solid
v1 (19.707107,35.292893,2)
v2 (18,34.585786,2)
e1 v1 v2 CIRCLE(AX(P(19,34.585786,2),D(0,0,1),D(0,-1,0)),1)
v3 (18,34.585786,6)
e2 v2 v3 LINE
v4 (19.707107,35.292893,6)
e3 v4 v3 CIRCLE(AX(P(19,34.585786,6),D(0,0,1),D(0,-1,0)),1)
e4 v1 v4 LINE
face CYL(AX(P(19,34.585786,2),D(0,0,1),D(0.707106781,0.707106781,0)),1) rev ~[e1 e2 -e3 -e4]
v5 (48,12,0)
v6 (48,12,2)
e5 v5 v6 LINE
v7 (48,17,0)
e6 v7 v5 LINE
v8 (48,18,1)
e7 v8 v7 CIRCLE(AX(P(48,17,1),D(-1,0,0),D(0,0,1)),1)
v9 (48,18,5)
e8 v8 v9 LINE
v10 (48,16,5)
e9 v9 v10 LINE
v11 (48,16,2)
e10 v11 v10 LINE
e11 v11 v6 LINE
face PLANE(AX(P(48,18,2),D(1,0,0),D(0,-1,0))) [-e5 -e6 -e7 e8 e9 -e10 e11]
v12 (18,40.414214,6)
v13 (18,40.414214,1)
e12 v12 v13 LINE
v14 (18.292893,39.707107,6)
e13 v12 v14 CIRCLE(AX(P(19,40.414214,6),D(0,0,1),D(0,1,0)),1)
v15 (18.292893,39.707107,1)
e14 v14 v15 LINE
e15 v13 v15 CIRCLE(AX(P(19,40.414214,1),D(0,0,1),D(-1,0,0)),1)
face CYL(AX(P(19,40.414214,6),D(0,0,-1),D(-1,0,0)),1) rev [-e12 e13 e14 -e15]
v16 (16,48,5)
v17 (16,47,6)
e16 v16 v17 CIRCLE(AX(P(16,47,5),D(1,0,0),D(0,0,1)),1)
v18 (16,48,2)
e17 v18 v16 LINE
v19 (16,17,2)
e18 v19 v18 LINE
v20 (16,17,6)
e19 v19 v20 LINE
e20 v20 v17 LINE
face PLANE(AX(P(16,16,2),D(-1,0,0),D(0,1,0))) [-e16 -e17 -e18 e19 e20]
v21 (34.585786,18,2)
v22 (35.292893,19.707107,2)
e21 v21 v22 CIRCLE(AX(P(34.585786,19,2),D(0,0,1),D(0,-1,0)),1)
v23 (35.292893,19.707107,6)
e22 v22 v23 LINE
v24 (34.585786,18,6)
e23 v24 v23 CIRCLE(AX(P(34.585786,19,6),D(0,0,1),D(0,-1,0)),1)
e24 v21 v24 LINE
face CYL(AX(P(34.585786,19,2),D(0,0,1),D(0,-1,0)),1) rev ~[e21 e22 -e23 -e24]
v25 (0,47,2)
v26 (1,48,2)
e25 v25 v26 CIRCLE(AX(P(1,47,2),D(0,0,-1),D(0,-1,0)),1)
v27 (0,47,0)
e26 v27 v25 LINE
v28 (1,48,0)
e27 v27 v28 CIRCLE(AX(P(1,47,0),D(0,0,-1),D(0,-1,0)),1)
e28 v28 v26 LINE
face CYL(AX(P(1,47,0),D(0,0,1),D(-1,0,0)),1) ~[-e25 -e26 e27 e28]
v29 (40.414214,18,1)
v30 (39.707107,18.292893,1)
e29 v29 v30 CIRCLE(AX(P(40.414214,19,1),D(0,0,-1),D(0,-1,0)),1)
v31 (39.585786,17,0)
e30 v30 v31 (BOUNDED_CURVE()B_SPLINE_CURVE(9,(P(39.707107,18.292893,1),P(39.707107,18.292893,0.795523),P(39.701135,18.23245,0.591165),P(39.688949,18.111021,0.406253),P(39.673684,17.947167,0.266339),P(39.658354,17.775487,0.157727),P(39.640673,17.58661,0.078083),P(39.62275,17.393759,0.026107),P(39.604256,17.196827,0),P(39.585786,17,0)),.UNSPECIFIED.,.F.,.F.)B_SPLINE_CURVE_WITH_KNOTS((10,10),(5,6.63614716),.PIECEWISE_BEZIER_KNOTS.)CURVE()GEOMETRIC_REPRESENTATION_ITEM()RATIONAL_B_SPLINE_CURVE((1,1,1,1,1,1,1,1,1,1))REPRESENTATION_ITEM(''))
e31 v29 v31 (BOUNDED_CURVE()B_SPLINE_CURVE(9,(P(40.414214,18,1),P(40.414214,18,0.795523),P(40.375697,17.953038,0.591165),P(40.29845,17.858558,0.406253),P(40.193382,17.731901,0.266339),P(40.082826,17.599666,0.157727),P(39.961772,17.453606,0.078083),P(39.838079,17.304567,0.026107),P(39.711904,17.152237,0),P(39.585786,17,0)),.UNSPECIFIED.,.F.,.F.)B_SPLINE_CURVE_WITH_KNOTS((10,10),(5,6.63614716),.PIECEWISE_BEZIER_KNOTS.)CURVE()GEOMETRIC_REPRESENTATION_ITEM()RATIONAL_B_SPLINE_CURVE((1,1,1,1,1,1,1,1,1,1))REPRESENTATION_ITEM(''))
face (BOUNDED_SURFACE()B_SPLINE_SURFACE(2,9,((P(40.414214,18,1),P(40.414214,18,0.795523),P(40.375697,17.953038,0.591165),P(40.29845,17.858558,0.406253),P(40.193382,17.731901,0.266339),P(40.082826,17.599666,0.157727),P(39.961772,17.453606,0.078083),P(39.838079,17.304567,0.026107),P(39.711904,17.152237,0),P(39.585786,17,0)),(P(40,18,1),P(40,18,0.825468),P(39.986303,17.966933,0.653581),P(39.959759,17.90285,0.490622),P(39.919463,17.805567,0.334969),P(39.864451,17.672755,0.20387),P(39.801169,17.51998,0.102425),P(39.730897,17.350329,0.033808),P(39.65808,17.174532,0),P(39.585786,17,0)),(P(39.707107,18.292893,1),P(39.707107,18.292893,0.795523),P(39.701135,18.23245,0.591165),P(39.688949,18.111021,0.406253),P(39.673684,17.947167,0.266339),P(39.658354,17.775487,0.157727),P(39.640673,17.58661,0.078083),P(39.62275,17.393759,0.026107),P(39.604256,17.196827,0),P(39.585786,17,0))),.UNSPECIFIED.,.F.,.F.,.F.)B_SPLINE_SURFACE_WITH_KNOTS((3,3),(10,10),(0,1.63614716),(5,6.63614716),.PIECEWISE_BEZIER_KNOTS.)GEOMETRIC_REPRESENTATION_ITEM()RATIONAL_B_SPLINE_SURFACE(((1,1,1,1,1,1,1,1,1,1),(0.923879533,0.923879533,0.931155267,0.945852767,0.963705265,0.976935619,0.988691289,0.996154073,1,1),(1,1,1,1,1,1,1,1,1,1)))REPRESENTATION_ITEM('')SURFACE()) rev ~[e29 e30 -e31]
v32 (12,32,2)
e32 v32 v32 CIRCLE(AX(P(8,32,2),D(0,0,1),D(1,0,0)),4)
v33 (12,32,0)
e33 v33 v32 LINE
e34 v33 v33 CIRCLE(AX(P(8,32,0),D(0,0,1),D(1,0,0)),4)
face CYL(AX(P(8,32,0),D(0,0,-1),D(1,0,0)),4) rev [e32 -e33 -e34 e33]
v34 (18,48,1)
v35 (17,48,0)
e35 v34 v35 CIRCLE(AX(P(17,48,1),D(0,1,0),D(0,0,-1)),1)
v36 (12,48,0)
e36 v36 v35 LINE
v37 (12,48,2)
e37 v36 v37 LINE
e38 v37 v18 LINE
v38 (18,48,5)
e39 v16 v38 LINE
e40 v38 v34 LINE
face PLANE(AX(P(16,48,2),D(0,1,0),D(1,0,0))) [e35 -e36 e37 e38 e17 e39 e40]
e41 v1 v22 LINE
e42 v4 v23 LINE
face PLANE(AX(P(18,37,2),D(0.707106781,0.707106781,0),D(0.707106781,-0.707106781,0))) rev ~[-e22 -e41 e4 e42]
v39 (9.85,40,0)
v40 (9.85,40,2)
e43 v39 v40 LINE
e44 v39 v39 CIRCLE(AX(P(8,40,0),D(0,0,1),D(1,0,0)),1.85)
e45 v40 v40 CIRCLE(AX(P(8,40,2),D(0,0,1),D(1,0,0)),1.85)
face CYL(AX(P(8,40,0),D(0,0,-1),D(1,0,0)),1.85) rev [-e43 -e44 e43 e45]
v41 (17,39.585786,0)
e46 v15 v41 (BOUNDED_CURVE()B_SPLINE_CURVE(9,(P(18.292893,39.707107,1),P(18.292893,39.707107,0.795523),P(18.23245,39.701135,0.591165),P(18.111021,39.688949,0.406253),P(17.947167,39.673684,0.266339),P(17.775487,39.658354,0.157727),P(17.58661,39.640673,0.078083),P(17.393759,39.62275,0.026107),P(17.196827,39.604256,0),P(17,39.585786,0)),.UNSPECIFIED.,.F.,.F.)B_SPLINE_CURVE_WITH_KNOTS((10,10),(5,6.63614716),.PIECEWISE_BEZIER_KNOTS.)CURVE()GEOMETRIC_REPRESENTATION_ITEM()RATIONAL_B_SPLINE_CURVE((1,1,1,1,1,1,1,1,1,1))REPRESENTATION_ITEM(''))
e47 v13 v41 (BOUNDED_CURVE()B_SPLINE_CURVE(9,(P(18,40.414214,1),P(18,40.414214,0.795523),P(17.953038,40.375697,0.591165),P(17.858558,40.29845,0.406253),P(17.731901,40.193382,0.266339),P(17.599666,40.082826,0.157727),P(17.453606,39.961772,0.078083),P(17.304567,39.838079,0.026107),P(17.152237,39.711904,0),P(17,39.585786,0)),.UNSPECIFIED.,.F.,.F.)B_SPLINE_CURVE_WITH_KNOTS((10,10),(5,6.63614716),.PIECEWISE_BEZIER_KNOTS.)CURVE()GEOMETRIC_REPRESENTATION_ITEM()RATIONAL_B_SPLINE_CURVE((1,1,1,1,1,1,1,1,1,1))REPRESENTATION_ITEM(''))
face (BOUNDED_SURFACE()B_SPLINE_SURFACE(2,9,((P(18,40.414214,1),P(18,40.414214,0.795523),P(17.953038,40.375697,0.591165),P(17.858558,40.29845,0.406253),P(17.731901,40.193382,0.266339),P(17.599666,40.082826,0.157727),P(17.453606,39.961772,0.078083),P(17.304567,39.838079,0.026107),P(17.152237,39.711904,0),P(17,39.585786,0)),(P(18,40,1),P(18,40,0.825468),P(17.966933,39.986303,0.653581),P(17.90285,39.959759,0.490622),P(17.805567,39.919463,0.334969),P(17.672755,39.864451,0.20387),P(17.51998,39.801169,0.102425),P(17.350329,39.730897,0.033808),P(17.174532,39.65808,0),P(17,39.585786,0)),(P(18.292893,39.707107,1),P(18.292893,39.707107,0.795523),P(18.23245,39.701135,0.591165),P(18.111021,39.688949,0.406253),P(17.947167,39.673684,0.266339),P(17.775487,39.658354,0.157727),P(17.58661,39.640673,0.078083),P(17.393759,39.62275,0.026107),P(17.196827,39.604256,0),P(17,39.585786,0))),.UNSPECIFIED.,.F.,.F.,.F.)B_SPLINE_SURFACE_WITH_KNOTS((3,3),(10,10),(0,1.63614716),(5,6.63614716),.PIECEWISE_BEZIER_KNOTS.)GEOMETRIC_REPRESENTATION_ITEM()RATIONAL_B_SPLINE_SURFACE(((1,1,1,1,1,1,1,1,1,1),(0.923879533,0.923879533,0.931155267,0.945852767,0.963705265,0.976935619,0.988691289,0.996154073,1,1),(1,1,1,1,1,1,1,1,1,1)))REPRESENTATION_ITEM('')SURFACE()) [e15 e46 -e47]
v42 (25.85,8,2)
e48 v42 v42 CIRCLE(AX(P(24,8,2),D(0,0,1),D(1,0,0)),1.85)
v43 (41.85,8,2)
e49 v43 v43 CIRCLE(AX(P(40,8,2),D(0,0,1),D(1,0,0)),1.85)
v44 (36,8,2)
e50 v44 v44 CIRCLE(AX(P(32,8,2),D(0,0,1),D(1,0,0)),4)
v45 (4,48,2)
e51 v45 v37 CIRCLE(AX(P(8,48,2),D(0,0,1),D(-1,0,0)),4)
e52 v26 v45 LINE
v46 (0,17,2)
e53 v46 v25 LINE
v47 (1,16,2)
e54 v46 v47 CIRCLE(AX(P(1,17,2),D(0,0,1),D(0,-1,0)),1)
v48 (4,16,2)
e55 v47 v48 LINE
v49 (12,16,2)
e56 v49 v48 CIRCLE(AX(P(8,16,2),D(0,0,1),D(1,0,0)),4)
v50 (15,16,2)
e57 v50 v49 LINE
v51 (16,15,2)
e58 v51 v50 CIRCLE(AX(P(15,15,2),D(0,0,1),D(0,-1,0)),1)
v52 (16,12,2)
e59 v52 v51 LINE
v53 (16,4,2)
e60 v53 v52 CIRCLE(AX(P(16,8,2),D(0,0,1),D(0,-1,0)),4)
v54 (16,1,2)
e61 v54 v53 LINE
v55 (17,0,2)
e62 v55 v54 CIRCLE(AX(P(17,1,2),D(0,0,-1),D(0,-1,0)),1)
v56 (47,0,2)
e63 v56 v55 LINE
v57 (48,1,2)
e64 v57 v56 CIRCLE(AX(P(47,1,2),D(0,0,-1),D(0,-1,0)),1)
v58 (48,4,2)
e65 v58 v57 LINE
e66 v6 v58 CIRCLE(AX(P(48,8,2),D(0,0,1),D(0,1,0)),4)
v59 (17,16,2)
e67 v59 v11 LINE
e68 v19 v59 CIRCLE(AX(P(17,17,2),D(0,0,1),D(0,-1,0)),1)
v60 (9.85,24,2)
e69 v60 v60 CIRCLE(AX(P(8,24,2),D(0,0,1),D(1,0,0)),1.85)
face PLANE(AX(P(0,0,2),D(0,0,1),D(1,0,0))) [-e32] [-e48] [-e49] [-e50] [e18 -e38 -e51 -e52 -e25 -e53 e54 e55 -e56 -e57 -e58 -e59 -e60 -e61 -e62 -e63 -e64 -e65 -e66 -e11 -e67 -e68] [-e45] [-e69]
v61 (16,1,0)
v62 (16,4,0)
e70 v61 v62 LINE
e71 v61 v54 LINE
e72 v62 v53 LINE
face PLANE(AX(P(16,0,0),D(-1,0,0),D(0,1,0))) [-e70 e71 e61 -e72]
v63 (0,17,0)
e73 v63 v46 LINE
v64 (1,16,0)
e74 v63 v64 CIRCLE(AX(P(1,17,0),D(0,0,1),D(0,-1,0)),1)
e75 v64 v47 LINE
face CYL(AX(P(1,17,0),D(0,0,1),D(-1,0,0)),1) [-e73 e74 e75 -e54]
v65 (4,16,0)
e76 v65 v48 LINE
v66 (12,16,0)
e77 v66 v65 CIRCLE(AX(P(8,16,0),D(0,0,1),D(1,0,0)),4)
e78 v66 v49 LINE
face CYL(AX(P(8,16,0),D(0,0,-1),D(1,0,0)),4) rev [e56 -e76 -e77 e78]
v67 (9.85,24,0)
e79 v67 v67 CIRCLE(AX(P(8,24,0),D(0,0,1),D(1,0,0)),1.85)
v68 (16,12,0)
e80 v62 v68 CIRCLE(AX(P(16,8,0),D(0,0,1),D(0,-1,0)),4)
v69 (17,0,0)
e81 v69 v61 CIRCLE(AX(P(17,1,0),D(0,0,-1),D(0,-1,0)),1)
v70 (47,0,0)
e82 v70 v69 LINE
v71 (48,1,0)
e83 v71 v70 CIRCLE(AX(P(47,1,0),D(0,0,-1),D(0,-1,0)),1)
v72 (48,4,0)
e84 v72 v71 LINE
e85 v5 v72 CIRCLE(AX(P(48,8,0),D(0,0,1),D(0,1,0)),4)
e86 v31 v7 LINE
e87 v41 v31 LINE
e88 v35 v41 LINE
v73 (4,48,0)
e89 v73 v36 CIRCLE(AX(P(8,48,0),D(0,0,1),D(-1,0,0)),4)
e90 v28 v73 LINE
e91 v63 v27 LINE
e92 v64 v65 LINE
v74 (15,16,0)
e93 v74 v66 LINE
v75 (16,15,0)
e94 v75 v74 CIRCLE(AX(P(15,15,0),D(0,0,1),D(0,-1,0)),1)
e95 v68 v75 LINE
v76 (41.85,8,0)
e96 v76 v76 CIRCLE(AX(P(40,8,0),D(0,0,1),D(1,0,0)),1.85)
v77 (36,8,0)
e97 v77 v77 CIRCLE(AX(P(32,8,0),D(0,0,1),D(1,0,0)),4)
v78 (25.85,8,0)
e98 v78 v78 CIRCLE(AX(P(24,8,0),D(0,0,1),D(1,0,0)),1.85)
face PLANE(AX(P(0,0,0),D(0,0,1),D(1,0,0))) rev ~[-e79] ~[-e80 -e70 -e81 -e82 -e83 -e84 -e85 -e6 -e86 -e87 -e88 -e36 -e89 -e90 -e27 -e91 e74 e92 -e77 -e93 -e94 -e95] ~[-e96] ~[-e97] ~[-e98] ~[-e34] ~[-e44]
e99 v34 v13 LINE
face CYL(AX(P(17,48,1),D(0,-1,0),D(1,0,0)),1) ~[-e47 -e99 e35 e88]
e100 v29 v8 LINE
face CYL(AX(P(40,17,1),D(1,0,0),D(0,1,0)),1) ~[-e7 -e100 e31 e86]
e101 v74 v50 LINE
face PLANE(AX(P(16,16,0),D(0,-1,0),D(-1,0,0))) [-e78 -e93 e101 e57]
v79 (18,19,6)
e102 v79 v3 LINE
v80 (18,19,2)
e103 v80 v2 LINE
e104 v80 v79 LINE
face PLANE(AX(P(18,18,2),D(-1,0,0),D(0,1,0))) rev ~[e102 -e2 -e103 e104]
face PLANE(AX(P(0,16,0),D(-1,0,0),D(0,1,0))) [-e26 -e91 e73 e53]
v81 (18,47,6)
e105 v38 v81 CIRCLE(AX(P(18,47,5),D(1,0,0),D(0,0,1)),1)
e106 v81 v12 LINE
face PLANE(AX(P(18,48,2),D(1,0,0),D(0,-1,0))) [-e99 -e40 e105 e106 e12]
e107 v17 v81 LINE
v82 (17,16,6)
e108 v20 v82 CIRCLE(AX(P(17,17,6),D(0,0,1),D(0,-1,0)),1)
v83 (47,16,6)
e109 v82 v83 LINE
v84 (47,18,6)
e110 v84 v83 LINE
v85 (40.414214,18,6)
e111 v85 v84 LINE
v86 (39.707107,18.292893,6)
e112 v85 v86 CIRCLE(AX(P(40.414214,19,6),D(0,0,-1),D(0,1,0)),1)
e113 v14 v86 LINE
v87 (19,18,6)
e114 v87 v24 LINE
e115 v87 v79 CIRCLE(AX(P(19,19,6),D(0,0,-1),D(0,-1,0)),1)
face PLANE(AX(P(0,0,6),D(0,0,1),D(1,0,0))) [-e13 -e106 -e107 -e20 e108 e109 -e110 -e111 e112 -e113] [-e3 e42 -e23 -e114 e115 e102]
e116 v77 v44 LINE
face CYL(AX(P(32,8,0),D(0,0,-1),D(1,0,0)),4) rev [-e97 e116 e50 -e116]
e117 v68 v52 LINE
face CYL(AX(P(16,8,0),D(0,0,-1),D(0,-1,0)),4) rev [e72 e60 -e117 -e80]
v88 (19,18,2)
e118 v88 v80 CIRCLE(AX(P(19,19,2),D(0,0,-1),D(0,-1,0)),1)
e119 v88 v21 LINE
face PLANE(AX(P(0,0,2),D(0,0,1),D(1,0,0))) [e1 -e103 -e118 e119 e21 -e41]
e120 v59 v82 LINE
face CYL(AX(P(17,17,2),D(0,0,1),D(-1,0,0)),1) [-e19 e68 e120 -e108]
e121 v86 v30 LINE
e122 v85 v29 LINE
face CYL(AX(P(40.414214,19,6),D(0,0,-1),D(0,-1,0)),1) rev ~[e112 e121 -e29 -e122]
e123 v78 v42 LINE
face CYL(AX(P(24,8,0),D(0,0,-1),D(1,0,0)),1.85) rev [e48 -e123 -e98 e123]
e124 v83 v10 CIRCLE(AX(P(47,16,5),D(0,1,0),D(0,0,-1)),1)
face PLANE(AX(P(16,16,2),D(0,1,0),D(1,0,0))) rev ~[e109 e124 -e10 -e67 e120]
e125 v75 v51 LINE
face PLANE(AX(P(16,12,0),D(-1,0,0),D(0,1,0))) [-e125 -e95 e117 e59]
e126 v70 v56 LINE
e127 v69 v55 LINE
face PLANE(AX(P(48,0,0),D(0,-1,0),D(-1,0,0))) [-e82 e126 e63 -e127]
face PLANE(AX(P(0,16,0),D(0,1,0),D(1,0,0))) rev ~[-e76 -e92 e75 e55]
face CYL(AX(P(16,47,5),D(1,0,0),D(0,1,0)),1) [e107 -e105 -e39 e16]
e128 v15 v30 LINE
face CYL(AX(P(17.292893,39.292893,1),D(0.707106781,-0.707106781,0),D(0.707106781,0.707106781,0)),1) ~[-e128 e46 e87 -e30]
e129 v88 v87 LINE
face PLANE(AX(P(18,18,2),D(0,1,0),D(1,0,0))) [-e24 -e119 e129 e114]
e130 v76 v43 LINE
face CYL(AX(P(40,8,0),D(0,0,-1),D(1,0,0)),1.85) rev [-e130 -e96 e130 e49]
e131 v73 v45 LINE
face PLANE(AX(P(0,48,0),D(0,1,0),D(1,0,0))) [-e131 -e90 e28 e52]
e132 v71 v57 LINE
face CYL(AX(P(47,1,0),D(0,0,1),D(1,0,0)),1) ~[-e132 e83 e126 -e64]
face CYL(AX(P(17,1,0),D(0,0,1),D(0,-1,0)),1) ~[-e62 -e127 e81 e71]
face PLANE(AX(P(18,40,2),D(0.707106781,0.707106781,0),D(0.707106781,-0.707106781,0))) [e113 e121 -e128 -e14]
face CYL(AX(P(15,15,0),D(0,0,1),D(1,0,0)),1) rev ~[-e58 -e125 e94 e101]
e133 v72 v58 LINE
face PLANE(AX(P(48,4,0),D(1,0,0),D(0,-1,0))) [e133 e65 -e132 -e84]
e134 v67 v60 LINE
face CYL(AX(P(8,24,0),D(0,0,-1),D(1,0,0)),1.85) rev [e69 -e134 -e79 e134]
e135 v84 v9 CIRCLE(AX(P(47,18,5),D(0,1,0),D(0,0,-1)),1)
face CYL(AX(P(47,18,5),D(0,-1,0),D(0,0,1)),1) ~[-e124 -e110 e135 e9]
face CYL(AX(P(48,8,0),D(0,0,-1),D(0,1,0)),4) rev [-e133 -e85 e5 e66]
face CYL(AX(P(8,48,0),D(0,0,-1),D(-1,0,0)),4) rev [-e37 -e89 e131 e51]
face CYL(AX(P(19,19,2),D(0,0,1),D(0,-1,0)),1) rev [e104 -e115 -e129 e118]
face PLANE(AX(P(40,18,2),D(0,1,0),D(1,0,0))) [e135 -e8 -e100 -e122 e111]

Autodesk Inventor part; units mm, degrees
ref_plane "YZ Plane" through (0, 0, 0) normal (1, 0, 0) x (0, 1, 0)
ref_plane "XZ Plane" through (0, 0, 0) normal (0, 1, 0) x (-1, 0, 0)
sketch "Эскиз1" plane through (0, 0, 0) normal (0, 0, 1) x (1, 0, 0)
  line L0 (0, 16) -> (0, 48)
  line L1 (0, 48) -> (4, 48)
  arc A0 (4, 48) -> (12, 48) centre (8, 48) ccw
  line L2 (12, 48) -> (18, 48)
  line L3 (18, 48) -> (18, 40)
  line L4 (18, 40) -> (40, 18)
  line L5 (40, 18) -> (48, 18)
  line L6 (48, 18) -> (48, 12)
  arc A1 (48, 12) -> (48, 4) centre (48, 8) ccw
  line L7 (48, 4) -> (48, 0)
  line L8 (48, 0) -> (16, 0)
  line L9 (16, 0) -> (16, 4)
  arc A2 (16, 4) -> (16, 12) centre (16, 8) ccw
  line L10 (16, 12) -> (16, 16)
  line L11 (16, 16) -> (12, 16)
  arc A3 (12, 16) -> (4, 16) centre (8, 16) ccw
  line L12 (0, 16) -> (4, 16)
  circle A4 centre (8, 24) radius 1.85
  circle A5 centre (8, 32) radius 4
  circle A6 centre (8, 40) radius 1.85
  circle A7 centre (40, 8) radius 1.85
  circle A8 centre (32, 8) radius 4
  circle A9 centre (24, 8) radius 1.85
extrude "Выдавливание1" add sketch "Эскиз1" along normal blind 2
fillet "Сопряжение1" radius 1 8 edges at (0, 48, 1) (18, 44, 0) (29, 29, 0) (44, 18, 0) (48, 0, 1) (16, 0, 1) (16, 16, 1) (0, 16, 1)
ref_plane "РабПлоскость1" through (0, 0, 2) normal (0, 0, 1) x (1, 0, 0)
sketch "Эскиз2" plane through (0, 0, 2) normal (0, 0, 1) x (1, 0, 0)
  line L0 (16, 16) -> (16, 48)
  line L1 (16, 48) -> (18, 48)
  line L2 (18, 48) -> (18, 40)
  line L3 (18, 40) -> (40, 18)
  line L4 (40, 18) -> (48, 18)
  line L5 (48, 18) -> (48, 16)
  line L6 (16, 16) -> (48, 16)
  line L7 (18, 18) -> (18, 37)
  line L8 (18, 37) -> (37, 18)
  line L9 (18, 18) -> (37, 18)
extrude "Выдавливание2" add sketch "Эскиз2" along normal blind 4
fillet "Сопряжение2" radius 1 8 edges at (37, 18, 4) (18, 37, 4) (18, 18, 4) (16, 16, 4) (48, 17, 6) (17, 48, 6) (17.7071, 39.8787, 0.2929) (39.8787, 17.7071, 0.2929)
